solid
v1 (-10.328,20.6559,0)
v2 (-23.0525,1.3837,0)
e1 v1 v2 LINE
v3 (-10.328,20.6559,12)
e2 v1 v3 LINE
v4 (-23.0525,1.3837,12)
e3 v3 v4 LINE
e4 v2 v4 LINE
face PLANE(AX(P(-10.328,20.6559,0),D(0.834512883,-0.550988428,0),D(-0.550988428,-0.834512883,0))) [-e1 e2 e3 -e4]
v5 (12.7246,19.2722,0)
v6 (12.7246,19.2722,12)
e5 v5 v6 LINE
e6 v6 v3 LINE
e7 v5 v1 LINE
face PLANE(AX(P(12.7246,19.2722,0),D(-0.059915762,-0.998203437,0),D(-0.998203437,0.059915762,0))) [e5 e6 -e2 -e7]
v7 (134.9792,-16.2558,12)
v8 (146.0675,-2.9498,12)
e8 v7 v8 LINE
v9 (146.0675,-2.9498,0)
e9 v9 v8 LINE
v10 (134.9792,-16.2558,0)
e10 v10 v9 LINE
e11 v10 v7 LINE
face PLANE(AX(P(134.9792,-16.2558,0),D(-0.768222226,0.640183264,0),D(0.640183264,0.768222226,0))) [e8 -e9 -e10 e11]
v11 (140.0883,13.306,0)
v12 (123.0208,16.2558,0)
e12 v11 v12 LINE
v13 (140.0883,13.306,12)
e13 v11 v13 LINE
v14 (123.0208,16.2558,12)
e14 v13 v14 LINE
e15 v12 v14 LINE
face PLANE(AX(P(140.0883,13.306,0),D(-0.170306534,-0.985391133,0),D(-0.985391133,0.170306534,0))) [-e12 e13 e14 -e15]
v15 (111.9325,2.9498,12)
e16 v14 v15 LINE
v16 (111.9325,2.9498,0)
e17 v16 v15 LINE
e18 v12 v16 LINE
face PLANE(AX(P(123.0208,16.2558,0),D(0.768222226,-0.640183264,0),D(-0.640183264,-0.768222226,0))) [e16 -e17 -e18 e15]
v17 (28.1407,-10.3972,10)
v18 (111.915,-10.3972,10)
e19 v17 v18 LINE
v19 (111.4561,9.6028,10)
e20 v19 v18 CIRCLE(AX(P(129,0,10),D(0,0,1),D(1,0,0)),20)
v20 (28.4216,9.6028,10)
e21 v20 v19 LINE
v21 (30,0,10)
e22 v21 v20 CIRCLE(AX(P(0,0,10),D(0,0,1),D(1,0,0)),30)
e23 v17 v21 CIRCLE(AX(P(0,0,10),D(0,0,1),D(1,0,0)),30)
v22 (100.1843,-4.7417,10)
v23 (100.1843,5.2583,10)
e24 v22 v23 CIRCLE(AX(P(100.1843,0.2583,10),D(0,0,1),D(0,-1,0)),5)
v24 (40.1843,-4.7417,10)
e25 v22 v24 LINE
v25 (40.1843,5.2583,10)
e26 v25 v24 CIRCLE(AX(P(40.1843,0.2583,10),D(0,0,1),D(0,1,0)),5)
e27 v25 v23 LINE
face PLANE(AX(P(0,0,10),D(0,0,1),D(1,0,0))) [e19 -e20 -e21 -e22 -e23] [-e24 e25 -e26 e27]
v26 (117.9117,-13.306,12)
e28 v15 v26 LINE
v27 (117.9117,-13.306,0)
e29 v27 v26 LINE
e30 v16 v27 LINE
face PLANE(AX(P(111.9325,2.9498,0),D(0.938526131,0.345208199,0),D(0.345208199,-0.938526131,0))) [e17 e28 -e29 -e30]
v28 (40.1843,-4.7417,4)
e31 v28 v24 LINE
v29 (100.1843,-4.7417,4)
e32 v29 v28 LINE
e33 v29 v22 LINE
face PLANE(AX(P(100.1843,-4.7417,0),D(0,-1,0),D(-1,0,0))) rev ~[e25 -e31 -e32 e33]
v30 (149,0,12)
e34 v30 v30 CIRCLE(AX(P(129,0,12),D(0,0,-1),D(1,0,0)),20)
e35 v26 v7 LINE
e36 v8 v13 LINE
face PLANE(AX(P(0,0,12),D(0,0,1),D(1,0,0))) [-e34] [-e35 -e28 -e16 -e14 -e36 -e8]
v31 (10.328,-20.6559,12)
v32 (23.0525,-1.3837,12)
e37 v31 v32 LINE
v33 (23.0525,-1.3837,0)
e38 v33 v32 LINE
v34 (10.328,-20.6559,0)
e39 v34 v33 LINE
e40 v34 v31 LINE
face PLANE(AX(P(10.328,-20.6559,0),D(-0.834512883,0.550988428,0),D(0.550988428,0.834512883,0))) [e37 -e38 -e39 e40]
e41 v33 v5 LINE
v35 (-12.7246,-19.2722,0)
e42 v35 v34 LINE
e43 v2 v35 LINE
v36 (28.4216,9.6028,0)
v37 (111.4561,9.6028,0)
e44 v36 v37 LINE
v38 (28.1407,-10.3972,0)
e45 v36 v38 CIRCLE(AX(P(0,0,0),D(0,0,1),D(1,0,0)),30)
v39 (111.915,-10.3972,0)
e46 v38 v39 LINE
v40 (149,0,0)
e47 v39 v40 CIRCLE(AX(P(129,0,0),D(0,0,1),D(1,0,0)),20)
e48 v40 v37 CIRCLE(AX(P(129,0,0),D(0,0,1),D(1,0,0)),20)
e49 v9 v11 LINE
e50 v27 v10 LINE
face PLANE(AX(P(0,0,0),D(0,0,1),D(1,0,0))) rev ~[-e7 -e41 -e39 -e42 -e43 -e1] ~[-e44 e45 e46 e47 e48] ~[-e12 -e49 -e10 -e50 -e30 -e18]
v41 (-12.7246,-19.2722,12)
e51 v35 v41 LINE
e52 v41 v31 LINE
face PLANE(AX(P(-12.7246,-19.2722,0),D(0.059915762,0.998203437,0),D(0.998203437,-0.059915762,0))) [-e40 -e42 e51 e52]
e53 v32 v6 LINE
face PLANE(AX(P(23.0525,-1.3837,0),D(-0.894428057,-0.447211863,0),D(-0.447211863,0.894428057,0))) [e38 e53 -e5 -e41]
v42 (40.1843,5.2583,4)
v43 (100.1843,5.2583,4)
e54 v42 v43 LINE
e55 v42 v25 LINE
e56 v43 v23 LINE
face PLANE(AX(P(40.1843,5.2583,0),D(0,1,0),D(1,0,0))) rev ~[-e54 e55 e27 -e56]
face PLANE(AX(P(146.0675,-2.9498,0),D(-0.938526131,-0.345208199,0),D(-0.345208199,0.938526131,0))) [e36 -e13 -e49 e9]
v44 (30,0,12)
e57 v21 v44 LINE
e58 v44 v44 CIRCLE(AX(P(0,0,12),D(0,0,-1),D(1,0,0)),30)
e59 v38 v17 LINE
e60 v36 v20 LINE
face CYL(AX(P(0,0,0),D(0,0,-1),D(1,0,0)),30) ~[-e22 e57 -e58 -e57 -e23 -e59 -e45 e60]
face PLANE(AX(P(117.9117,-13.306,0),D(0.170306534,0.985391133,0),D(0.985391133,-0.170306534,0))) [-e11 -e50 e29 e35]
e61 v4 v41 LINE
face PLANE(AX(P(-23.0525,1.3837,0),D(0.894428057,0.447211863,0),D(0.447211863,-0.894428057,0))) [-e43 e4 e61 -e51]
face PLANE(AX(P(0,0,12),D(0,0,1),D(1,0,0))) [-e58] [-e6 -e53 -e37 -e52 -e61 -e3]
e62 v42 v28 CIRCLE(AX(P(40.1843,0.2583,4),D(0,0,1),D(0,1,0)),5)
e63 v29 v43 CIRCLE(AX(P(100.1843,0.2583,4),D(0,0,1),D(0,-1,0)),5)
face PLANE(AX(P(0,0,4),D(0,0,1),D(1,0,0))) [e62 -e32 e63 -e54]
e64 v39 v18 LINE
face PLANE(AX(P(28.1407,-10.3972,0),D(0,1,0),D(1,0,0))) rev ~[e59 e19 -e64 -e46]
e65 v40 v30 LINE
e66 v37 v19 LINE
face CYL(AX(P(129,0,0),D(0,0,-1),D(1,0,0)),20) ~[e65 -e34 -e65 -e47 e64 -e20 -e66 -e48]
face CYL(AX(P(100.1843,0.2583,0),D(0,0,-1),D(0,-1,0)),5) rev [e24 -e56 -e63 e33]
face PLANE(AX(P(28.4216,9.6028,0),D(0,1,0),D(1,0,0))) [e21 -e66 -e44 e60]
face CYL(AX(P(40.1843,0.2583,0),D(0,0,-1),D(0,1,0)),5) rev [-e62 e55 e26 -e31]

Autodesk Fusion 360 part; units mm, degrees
sketch "Sketch1" plane through (0, 0, 0) normal (0, 0, 1) x (1, 0, 0) in component "ex2"
  circle A0 centre (0, 0) radius 30
  circle A1 centre (129, 0) radius 20
  line L0 (12.7246, 19.2722) -> (-10.328, 20.6559)
  line L1 (-10.328, 20.6559) -> (-23.0525, 1.3837)
  line L2 (-23.0525, 1.3837) -> (-12.7246, -19.2722)
  line L3 (-12.7246, -19.2722) -> (10.328, -20.6559)
  line L4 (10.328, -20.6559) -> (23.0525, -1.3837)
  line L5 (23.0525, -1.3837) -> (12.7246, 19.2722)
  line L6 (146.0675, -2.9498) -> (140.0883, 13.306)
  line L7 (140.0883, 13.306) -> (123.0208, 16.2558)
  line L8 (123.0208, 16.2558) -> (111.9325, 2.9498)
  line L9 (111.9325, 2.9498) -> (117.9117, -13.306)
  line L10 (117.9117, -13.306) -> (134.9792, -16.2558)
  line L11 (134.9792, -16.2558) -> (146.0675, -2.9498)
  line L12 (28.4216, 9.6028) -> (111.4561, 9.6028)
  line L13 (28.1407, -10.3972) -> (111.915, -10.3972)
  line L14 (70.2554, 9.6028) -> (70.2554, -10.3972) construction
  line L15 (40.1843, 5.2583) -> (100.1843, 5.2583)
  line L16 (100.1843, -4.7417) -> (40.1843, -4.7417)
  arc A2 (40.1843, 5.2583) -> (40.1843, -4.7417) centre (40.1843, 0.2583) ccw
  arc A3 (100.1843, -4.7417) -> (100.1843, 5.2583) centre (100.1843, 0.2583) ccw
  point P0 (129, 0)
  dimension "d1" = 60
  dimension "d2" = 40
  dimension "d3" = 129
  dimension "d4" = 20
  dimension "d5" = 15
  dimension "d6" = 20
  dimension "d9" = 60
  dimension "d10" = 10
extrude "Extrude1" add sketch "Sketch1" along normal blind 10 contours A0 A1 L12 L13 in component "ex2"
sketch "Sketch1 (2)" plane through (0, 0, 0) normal (0, 0, 1) x (1, 0, 0)
  line L0 (30, 0) -> (46.6152, 0) construction
sketch "Sketch2" plane through (0, 0, 0) normal (0, 0, 1) x (1, 0, 0)
  line L0 (40, 5) -> (100, 5)
  line L1 (100, -5) -> (40, -5)
  arc A0 (40, 5) -> (40, -5) centre (40, 0) ccw
  arc A1 (100, -5) -> (100, 5) centre (100, 0) ccw
  dimension "d7" = 10
  dimension "d8" = 60
sketch "Sketch2 (2)" plane through (0, 0, 0) normal (0, 0, 1) x (1, 0, 0) in component "ex2"
extrude "Extrude2" add sketch "Sketch1" along normal blind 12 contours A0 | A1 in component "ex2"
extrude "Extrude3" add sketch "Sketch1" along normal blind 4 contours L15 L16 A2 A3 in component "ex2"
component "ex2" placed x (1, 0, 0) y (0, 1, 0) z (0, 0, 1) at (0, 0, 0)
